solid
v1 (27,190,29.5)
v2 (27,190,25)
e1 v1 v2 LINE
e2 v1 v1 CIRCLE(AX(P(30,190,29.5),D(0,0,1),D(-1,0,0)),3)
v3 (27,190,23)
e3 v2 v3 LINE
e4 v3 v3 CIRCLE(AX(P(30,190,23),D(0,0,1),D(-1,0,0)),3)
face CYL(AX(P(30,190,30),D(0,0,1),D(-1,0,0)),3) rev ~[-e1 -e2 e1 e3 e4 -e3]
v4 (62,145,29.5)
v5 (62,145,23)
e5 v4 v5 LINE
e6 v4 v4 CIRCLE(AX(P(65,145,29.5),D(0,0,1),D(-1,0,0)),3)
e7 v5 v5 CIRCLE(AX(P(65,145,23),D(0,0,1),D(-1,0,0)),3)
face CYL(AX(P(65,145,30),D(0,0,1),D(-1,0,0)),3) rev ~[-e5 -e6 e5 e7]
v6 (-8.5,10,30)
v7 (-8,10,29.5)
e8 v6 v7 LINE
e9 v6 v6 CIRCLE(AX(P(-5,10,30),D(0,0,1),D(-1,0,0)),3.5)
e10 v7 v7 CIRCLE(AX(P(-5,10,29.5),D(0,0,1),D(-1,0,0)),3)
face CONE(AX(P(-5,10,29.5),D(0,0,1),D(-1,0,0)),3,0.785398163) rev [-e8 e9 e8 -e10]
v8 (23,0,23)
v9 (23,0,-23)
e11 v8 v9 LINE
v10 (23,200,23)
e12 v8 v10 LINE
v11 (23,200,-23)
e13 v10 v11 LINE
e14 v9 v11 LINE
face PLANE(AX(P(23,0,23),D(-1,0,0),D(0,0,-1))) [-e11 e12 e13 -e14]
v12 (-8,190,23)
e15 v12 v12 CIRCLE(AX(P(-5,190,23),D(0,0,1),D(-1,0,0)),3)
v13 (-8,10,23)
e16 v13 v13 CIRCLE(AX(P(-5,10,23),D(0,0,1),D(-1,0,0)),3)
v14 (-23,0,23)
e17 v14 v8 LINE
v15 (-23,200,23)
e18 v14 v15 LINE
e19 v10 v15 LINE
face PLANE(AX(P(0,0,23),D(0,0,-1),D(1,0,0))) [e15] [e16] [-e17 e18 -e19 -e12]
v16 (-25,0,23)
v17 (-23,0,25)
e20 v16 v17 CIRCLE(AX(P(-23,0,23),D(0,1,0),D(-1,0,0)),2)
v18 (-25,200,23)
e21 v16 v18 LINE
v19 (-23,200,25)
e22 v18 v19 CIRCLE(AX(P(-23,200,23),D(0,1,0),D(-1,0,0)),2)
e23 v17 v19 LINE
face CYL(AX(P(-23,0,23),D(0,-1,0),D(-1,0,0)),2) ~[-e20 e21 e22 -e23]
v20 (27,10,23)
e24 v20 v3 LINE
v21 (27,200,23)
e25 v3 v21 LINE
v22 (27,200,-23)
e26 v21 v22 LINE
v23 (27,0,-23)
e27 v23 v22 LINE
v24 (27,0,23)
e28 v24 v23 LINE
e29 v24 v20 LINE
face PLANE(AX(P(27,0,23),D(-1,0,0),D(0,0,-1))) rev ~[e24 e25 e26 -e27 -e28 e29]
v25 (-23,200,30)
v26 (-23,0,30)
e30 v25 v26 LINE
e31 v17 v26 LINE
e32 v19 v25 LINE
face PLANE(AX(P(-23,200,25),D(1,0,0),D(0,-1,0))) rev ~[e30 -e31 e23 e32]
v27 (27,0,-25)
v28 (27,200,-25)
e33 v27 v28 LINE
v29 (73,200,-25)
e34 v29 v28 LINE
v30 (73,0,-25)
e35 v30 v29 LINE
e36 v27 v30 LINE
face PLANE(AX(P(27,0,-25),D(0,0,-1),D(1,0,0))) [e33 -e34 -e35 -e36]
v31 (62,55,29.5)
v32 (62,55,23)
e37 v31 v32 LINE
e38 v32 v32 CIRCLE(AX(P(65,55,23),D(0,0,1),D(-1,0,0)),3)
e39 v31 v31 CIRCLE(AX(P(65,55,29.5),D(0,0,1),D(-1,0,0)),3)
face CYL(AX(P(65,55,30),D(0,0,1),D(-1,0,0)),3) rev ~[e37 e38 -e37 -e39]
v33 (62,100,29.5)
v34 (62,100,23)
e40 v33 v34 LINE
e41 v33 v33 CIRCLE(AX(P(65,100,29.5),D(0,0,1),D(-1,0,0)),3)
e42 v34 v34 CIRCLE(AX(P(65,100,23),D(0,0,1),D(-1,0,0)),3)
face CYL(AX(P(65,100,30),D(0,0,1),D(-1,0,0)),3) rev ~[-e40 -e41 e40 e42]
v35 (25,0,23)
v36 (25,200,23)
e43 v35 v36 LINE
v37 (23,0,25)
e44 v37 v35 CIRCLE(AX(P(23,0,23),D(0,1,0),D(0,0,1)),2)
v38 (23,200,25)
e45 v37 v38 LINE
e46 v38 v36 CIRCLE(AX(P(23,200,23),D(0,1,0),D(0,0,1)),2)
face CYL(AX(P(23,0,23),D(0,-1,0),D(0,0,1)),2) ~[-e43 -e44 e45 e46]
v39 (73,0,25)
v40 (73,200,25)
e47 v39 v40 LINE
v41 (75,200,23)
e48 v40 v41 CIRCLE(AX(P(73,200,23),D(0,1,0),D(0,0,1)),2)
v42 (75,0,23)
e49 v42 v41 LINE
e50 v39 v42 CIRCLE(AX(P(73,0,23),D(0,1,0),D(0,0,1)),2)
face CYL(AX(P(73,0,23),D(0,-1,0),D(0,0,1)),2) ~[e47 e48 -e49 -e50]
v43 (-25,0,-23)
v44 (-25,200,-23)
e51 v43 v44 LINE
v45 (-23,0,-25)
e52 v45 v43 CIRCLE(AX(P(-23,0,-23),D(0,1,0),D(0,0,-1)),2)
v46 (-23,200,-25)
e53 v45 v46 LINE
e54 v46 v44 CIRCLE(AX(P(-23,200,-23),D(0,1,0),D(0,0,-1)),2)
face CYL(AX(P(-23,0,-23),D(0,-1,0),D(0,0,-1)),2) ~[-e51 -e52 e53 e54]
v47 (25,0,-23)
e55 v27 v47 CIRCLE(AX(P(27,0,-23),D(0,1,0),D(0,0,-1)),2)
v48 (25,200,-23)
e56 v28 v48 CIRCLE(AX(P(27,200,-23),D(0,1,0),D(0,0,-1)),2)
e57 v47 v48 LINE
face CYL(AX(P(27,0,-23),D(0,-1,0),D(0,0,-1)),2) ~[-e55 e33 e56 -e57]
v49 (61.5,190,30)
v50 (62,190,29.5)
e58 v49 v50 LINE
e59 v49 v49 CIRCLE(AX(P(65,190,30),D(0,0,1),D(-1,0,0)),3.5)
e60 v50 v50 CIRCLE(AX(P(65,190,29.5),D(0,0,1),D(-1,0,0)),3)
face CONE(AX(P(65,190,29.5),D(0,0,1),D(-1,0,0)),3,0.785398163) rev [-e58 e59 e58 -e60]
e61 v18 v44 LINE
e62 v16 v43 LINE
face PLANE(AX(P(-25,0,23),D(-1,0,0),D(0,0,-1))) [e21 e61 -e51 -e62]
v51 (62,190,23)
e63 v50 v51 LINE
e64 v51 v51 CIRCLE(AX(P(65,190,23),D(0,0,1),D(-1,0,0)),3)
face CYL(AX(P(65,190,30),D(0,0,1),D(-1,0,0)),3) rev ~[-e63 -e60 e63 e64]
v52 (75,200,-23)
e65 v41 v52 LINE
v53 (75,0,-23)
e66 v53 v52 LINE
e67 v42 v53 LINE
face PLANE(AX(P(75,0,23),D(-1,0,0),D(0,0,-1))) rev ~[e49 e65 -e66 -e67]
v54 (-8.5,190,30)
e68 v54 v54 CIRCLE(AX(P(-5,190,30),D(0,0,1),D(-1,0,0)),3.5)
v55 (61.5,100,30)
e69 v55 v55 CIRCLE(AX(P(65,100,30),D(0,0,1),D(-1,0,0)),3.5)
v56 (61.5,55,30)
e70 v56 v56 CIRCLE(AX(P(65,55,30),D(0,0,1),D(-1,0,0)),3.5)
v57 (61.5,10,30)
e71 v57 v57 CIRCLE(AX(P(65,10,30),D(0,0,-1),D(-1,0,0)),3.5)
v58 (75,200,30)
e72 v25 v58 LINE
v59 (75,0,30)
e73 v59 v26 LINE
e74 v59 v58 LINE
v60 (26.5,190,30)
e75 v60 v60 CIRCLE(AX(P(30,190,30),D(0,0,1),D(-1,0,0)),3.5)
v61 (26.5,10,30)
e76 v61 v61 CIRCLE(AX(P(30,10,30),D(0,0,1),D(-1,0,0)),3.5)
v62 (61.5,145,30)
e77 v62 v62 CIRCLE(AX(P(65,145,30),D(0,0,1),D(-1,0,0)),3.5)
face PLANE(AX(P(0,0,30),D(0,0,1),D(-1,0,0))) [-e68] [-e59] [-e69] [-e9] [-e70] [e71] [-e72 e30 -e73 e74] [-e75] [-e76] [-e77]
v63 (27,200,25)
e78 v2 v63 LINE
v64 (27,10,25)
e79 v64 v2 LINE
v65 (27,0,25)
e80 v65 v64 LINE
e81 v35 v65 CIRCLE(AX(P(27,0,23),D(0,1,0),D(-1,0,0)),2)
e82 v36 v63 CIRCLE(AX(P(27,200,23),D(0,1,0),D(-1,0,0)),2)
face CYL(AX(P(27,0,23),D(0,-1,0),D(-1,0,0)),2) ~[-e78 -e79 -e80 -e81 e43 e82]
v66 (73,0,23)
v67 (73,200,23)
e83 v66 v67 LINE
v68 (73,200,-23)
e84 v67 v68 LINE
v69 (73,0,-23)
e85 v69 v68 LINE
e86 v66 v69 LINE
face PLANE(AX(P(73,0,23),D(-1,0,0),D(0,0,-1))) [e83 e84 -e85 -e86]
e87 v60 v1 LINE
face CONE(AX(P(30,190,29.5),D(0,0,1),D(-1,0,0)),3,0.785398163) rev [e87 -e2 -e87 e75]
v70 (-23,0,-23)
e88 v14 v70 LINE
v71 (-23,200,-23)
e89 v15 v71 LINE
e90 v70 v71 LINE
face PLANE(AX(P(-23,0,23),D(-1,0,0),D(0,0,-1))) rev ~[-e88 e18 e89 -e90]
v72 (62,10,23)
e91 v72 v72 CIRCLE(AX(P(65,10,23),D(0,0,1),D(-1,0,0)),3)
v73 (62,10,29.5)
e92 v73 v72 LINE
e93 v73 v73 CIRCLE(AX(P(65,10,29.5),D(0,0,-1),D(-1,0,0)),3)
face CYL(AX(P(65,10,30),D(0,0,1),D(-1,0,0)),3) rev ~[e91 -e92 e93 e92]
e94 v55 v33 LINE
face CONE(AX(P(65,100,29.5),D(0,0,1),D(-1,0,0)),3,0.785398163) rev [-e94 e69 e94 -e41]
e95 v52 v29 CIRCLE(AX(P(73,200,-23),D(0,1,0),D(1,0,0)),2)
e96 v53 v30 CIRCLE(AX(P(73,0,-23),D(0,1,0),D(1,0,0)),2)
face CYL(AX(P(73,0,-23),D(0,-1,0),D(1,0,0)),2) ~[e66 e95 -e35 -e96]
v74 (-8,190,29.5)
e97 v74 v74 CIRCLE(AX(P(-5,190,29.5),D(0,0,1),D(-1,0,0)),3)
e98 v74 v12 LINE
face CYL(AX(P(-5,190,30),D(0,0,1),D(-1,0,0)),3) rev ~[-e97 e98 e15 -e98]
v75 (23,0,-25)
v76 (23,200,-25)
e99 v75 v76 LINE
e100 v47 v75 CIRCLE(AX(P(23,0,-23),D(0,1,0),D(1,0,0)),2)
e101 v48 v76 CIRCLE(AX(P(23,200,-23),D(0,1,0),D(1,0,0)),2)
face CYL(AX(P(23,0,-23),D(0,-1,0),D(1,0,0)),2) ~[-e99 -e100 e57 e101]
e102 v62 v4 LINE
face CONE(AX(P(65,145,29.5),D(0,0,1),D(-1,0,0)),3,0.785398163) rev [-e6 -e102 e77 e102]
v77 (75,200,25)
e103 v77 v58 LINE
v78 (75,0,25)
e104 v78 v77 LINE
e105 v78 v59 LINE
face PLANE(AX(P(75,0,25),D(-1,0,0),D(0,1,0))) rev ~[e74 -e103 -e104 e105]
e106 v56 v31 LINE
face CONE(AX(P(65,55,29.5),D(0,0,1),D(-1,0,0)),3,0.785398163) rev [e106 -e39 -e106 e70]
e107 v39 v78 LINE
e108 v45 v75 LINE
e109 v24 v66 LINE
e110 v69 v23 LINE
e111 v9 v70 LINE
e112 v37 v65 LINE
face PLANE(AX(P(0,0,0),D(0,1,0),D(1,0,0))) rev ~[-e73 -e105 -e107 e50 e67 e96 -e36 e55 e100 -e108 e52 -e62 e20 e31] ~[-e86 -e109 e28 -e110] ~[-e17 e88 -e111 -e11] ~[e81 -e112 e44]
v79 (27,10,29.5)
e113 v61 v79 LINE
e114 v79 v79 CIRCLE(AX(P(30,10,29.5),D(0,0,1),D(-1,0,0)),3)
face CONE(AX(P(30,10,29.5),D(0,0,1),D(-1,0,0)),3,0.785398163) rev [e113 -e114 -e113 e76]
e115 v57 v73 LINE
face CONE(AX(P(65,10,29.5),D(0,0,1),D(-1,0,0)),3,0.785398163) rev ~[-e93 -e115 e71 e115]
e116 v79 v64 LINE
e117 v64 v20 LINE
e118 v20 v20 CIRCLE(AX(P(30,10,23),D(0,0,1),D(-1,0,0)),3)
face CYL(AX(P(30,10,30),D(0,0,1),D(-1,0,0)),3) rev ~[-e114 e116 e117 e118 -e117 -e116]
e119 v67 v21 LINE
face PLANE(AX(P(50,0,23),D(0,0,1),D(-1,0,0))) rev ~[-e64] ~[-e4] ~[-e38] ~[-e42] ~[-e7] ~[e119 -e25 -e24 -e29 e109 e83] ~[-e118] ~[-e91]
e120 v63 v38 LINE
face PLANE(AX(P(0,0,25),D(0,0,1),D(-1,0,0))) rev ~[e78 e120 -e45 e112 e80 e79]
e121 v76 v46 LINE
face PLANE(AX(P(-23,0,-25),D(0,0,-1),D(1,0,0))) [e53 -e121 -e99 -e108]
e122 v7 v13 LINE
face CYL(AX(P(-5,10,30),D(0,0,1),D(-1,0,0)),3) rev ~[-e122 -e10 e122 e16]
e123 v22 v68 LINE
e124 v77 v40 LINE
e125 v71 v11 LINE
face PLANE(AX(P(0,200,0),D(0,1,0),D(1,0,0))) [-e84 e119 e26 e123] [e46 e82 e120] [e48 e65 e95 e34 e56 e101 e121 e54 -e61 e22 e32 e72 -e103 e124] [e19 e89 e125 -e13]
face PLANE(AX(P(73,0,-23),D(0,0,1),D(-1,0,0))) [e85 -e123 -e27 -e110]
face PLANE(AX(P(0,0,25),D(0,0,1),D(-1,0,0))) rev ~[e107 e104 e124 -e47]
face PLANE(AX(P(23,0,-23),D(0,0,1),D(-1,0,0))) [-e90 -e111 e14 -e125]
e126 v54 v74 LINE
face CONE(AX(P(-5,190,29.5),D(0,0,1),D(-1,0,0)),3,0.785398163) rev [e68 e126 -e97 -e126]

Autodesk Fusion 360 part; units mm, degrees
sketch "Sketch1" plane through (0, 0, 0) normal (0, 1, 0) x (1, 0, 0)
  line L0 (0, -25) -> (23, -25)
  line L1 (25, -23) -> (25, 23)
  line L2 (23, 25) -> (0, 25)
  line L3 (0, -25) -> (-23, -25)
  line L4 (-25, -23) -> (-25, 23)
  line L5 (-23, 25) -> (0, 25)
  line L6 (0, -23) -> (-23, -23)
  line L7 (-23, -23) -> (-23, 23)
  line L8 (-23, 23) -> (0, 23)
  line L9 (23, 23) -> (0, 23)
  line L10 (23, -23) -> (23, 23)
  line L11 (0, -23) -> (23, -23)
  arc A0 (23, -25) -> (25, -23) centre (23, -23) ccw
  arc A1 (-25, -23) -> (-23, -25) centre (-23, -23) ccw
  arc A2 (-23, 25) -> (-25, 23) centre (-23, 23) ccw
  arc A3 (25, 23) -> (23, 25) centre (23, 23) ccw
  line L12 (73, 23) -> (50, 23)
  line L13 (73, 25) -> (50, 25)
  line L14 (50, -23) -> (73, -23)
  line L15 (50, -23) -> (27, -23)
  line L16 (50, -25) -> (73, -25)
  arc A4 (25, -23) -> (27, -25) centre (27, -23) ccw
  line L17 (27, 25) -> (50, 25)
  arc A5 (75, 23) -> (73, 25) centre (73, 23) ccw
  line L18 (73, -23) -> (73, 23)
  line L19 (25, -23) -> (25, 23)
  line L20 (27, -23) -> (27, 23)
  arc A6 (73, -25) -> (75, -23) centre (73, -23) ccw
  arc A7 (27, 25) -> (25, 23) centre (27, 23) ccw
  line L21 (50, -25) -> (27, -25)
  line L22 (75, -23) -> (75, 23)
  line L23 (27, 23) -> (50, 23)
  point P0 (25, -25)
  point P1 (25, 25)
  point P2 (75, -25)
  point P3 (75, 25)
  point P4 (50, 0)
  dimension "d1" = 25
  dimension "d2" = 25
  dimension "d3" = 50
  dimension "d4" = 2
  dimension "d7" = 2
  dimension "d8" = 2
  dimension "d9" = 2
  dimension "d10" = 2
  dimension "d11" = 2
  dimension "d12" = 25
  dimension "d13" = 25
  dimension "d14" = 50
  dimension "d15" = 2
  dimension "d16" = 2
  dimension "d17" = 2
  dimension "d18" = 2
extrude "Extrude2" add sketch "Sketch1" along normal blind 200
sketch "Sketch2" plane through (0, 0, 25) normal (0, 0, 1) x (-1, 0, 0)
  line L0 (23, 0) -> (-23, 0)
  line L1 (-23, 0) -> (-23, -200)
  line L2 (-23, -200) -> (23, -200)
  line L3 (23, -200) -> (23, 0)
  line L4 (25, 0) -> (-75, 0)
  line L5 (-75, 0) -> (-75, -200)
  line L6 (-75, -200) -> (25, -200)
  line L7 (25, -200) -> (25, 0)
  dimension "d21" = 100
  dimension "d22" = 200
extrude "Extrude3" add sketch "Sketch2" along normal blind 5 contours L0 L1 L2 L3 L4 L6 | L1 L4 L5 L6
sketch "Sketch3" plane through (0, 0, 30) normal (0, 0, 1) x (-1, 0, 0)
  line L0 (-75, -200) -> (23, -200)
  line L1 (23, -200) -> (23, 0)
  line L2 (23, 0) -> (-75, 0)
  line L3 (-75, 0) -> (-75, -200)
  line L4 (-75, 0) -> (-65, 0)
  line L5 (-65, 0) -> (-65, -10)
  line L6 (-65, -10) -> (-75, -10)
  line L7 (-75, -10) -> (-75, 0)
  circle A0 centre (-65, -10) radius 3
  circle A1 centre (-30, -10) radius 3
  circle A2 centre (5, -10) radius 3
  circle A3 centre (-65, -55) radius 3
  circle A4 centre (-65, -100) radius 3
  circle A5 centre (-65, -145) radius 3
  circle A6 centre (-65, -190) radius 3
  circle A7 centre (-30, -190) radius 3
  circle A8 centre (5, -190) radius 3
  dimension "d25" = 10
  dimension "d26" = 10
  dimension "d27" = 6
  dimension "d30" = 70
  dimension "d31" = -180
extrude "Extrude4" cut sketch "Sketch3" against normal blind 7 contours L5 L6 A0 | L5 L6 A0 | A1 | A2 | A3 | A4 | A5 | A6 | A7 | A8
chamfer "Chamfer1" distance 0.5 angle 45 1 edges at (-2.203, 188.9152, 30)
chamfer "Chamfer2" distance 0.5 angle 45 1 edges at (32.797, 188.9152, 30)
chamfer "Chamfer3" distance 0.5 angle 45 1 edges at (67.797, 188.9152, 30)
chamfer "Chamfer4" distance 0.5 angle 45 1 edges at (67.797, 143.9152, 30)
chamfer "Chamfer5" distance 0.5 angle 45 1 edges at (67.797, 98.9152, 30)
chamfer "Chamfer6" distance 0.5 angle 45 1 edges at (67.797, 53.9152, 30)
chamfer "Chamfer7" distance 0.5 angle 45 1 edges at (67.797, 8.9152, 30)
chamfer "Chamfer8" distance 0.5 angle 45 1 edges at (32.797, 8.9152, 30)
chamfer "Chamfer9" distance 0.5 angle 45 1 edges at (-2.203, 8.9152, 30)
